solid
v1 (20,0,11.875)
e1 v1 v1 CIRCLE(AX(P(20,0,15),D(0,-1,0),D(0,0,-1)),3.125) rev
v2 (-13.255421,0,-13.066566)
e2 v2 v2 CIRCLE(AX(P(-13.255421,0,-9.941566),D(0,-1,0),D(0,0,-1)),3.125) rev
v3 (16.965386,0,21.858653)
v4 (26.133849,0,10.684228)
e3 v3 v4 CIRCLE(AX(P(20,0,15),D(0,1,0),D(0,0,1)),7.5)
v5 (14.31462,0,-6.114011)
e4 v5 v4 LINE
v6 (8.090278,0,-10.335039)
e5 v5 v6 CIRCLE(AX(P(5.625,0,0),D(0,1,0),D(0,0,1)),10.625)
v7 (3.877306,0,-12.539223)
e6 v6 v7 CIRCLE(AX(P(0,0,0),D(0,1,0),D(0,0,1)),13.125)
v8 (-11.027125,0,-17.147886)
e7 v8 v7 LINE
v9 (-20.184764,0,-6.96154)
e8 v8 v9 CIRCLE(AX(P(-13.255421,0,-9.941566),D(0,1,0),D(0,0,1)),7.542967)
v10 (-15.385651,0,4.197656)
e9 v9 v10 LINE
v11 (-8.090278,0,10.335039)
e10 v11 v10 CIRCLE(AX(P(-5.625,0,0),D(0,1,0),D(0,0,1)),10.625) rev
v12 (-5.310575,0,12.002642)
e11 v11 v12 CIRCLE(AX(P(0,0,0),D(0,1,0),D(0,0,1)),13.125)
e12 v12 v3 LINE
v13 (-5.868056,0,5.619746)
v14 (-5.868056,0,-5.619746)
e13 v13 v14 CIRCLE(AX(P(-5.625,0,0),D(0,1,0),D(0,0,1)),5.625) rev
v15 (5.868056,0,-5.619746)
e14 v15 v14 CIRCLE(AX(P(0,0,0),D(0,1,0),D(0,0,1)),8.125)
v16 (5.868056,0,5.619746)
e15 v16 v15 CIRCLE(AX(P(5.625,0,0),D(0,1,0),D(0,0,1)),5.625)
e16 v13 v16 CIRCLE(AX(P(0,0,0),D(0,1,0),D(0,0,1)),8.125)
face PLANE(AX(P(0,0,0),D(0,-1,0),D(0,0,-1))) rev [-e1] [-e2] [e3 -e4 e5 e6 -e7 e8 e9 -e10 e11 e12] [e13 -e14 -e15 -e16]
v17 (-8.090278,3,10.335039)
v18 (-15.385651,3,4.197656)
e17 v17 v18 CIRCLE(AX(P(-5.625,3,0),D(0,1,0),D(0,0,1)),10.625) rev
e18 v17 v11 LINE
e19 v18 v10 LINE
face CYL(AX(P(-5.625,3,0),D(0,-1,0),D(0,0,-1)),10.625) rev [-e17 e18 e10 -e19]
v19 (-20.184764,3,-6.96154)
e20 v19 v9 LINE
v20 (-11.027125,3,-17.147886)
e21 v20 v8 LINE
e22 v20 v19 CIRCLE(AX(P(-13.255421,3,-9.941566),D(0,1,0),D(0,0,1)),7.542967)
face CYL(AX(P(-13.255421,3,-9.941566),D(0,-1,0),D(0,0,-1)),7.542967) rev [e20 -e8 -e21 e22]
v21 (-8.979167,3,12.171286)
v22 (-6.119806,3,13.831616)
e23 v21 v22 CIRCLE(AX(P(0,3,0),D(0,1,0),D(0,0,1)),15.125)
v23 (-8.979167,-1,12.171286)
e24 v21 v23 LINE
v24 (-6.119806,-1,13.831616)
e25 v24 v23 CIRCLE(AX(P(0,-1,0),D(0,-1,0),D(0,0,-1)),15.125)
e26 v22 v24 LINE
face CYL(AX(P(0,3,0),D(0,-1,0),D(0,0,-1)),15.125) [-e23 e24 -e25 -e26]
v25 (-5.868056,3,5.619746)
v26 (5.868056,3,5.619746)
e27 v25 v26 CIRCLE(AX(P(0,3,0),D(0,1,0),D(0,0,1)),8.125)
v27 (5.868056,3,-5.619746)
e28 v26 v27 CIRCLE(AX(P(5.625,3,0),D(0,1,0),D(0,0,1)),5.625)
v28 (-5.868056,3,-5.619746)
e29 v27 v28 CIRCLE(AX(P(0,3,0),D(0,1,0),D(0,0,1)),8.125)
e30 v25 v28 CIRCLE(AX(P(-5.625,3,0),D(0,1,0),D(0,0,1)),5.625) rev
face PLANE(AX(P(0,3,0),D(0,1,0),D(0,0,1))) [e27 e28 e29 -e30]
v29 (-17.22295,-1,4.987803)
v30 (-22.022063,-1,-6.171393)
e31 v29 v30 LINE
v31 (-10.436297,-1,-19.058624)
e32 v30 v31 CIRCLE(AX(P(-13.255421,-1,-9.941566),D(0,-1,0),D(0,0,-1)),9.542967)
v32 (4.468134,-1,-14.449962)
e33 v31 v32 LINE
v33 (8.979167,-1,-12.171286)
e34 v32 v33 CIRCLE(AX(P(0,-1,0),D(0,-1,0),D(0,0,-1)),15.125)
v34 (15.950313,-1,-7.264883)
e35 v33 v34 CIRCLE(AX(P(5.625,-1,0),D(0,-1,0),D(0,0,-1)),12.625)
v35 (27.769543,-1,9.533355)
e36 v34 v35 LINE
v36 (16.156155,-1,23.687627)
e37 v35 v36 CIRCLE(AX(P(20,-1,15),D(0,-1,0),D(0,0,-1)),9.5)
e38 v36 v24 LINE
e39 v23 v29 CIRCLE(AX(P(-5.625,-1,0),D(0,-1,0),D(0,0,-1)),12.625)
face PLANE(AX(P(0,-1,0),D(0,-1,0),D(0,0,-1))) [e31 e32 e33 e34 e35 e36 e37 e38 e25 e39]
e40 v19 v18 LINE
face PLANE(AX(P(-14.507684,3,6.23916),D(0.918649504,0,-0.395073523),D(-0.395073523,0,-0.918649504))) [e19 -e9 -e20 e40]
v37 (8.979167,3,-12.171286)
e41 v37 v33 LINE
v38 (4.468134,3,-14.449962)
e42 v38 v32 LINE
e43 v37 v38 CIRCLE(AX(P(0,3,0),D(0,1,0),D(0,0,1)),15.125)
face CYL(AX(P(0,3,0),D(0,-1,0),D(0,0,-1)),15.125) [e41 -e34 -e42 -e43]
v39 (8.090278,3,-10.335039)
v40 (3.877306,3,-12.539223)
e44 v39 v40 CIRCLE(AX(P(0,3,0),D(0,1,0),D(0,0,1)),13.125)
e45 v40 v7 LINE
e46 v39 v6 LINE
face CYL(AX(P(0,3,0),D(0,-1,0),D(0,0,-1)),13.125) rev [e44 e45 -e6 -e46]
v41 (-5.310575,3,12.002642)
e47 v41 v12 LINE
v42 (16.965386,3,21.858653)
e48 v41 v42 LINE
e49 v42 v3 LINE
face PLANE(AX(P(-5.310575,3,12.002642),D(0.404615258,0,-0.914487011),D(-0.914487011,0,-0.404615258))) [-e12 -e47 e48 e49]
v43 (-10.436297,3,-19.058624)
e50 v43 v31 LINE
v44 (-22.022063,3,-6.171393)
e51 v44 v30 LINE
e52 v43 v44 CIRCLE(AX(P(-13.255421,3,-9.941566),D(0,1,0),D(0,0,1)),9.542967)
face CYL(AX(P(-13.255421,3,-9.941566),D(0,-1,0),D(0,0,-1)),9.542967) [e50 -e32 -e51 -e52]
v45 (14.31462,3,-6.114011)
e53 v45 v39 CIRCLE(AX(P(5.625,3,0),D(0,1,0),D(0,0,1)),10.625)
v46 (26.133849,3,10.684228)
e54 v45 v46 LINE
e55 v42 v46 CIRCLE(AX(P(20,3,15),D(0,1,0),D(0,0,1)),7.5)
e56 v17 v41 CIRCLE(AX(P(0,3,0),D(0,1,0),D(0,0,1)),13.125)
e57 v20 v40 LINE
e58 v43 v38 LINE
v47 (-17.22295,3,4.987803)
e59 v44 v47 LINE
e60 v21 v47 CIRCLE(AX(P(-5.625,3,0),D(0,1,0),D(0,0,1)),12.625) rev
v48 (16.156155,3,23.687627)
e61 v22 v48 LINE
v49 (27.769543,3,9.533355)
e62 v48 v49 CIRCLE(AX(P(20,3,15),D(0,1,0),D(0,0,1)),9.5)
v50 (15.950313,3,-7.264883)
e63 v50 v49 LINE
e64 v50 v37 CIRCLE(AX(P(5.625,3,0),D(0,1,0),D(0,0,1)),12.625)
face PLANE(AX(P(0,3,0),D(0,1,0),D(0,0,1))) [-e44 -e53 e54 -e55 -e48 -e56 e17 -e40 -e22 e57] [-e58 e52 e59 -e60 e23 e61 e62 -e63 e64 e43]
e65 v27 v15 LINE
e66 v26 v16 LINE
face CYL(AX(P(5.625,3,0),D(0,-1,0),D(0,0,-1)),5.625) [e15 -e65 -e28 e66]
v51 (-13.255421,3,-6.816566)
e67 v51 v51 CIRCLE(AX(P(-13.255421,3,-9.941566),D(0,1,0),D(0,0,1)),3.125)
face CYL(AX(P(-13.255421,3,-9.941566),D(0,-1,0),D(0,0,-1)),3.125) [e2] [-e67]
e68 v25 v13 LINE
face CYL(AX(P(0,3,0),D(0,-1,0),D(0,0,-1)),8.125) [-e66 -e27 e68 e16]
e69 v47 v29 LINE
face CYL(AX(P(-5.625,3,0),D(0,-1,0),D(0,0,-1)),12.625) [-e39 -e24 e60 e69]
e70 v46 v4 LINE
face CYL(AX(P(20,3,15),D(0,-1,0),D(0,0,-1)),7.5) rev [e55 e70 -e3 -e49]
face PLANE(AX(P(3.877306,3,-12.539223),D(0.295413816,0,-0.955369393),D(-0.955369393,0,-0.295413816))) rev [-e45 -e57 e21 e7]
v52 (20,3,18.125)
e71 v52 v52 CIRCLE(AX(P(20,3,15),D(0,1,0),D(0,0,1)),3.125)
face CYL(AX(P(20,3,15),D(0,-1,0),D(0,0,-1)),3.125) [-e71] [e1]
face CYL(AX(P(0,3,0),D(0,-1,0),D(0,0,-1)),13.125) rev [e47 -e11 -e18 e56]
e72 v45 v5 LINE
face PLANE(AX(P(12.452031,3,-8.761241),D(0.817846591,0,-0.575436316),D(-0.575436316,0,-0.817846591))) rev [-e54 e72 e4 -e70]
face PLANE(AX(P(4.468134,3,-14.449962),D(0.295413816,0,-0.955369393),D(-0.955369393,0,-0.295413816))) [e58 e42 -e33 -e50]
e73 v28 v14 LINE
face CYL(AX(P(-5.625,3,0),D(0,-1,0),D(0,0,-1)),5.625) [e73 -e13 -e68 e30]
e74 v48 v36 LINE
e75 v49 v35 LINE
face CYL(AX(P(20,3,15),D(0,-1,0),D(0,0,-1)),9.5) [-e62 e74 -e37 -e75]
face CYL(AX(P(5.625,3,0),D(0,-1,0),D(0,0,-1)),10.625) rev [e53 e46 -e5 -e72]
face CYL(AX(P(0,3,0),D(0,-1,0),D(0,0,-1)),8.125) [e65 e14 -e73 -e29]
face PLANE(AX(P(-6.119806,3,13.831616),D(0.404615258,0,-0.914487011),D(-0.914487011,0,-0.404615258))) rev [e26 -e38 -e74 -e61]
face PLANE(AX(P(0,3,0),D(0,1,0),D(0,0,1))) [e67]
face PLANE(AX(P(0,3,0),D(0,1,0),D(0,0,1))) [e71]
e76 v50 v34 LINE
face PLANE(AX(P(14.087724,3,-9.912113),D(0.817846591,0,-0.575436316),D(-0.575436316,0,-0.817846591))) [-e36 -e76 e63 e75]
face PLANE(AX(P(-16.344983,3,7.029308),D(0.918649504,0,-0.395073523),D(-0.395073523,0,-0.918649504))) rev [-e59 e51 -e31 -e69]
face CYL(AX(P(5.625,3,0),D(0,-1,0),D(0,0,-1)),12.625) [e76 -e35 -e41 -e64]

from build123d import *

# Parameters (mm, degrees)
SKETCH1_R             = 3.125
BOSS_EXTRUDE1_DEPTH   = 3
BOSS_EXTRUDE1_2_DEPTH = 3
BOSS_EXTRUDE1_3_DEPTH = 3
BOSS_EXTRUDE1_4_DEPTH = 3
BOSS_EXTRUDE2_DEPTH   = 1


with BuildPart() as part:
    # Sketch1 → Boss-Extrude1 (new body)
    with BuildSketch(Plane(origin=(0, 0, 0), x_dir=(1, 0, 0), z_dir=(0, 1, 0))):
        with Locations(Location((20, -15, 0), (0, 0, 270))):
            Circle(SKETCH1_R)
    extrude(amount=BOSS_EXTRUDE1_DEPTH)



with BuildPart() as body_2:
    # Sketch1 → Boss-Extrude1 2 (new body)
    with BuildSketch(Plane(origin=(0, 0, 0), x_dir=(1, 0, 0), z_dir=(0, 1, 0))):
        with Locations(Location((-13.25542136, 9.94156602, 0), (0, 0, 270))):
            Circle(SKETCH1_R)
    extrude(amount=BOSS_EXTRUDE1_2_DEPTH)


with BuildPart() as body_3:
    # Sketch1 → Boss-Extrude1 3 (new body)
    with BuildSketch(Plane(origin=(0, 0, 0), x_dir=(1, 0, 0), z_dir=(0, 1, 0))):
        with BuildLine():
            Line((-6.119805779, -13.831616038), (16.156155048, -23.687626603))
            ThreePointArc((16.156155048, -23.687626603), (27.344292117, -21.025891909), (27.769542612, -9.533354996))
            Line((27.769542612, -9.533354996), (15.950313209, 7.264883492))
            ThreePointArc((15.950313209, 7.264883492), (12.8913772, 10.324262075), (8.979166667, 12.17128551))
            ThreePointArc((8.979166667, 12.17128551), (6.819498906, 13.500372575), (4.468133972, 14.44996207))
            Line((4.468133972, 14.44996207), (-10.436297143, 19.05862434))
            ThreePointArc((-10.436297143, 19.05862434), (-20.352140796, 16.321596348), (-22.022063001, 6.171392537))
            Line((-22.022063001, 6.171392537), (-17.222949988, -4.987803231))
            ThreePointArc((-17.222949988, -4.987803231), (-13.919097451, -9.518328239), (-8.979166667, -12.17128551))
            ThreePointArc((-8.979166667, -12.17128551), (-7.594992863, -13.079820657), (-6.119805779, -13.831616038))
        make_face()
        with BuildLine():
            Line((-5.310575263, -12.002642017), (16.965385564, -21.858652581))
            ThreePointArc((16.965385564, -21.858652581), (25.798125356, -19.757283086), (26.133849431, -10.684227629))
            Line((26.133849431, -10.684227629), (14.314620027, 6.114010859))
            ThreePointArc((14.314620027, 6.114010859), (11.588405557, 8.793657895), (8.090277778, 10.335038968))
            ThreePointArc((8.090277778, 10.335038968), (6.084437075, 11.62949915), (3.877306339, 12.539223283))
            Line((3.877306339, 12.539223283), (-11.027124776, 17.147885554))
            ThreePointArc((-11.027124776, 17.147885554), (-18.864821465, 14.984479597), (-20.184763993, 6.961539583))
            Line((-20.184763993, 6.961539583), (-15.38565098, -4.197656185))
            ThreePointArc((-15.38565098, -4.197656185), (-12.464970786, -8.130524254), (-8.090277778, -10.335038968))
            ThreePointArc((-8.090277778, -10.335038968), (-6.752106378, -11.254984872), (-5.310575263, -12.002642017))
        make_face(mode=Mode.SUBTRACT)
    extrude(amount=BOSS_EXTRUDE1_3_DEPTH)


with BuildPart() as body_4:
    # Sketch1 → Boss-Extrude1 4 (new body)
    with BuildSketch(Plane(origin=(0, 0, 0), x_dir=(1, 0, 0), z_dir=(0, 1, 0))):
        with BuildLine():
            ThreePointArc((-5.868055556, -5.619746346), (0, -8.125), (5.868055556, -5.619746346))
            ThreePointArc((5.868055556, -5.619746346), (11.25, 0), (5.868055556, 5.619746346))
            ThreePointArc((5.868055556, 5.619746346), (0, 8.125), (-5.868055556, 5.619746346))
            ThreePointArc((-5.868055556, 5.619746346), (-11.25, 0), (-5.868055556, -5.619746346))
        make_face()
    extrude(amount=BOSS_EXTRUDE1_4_DEPTH)


with BuildPart() as part_1:
    add(part.part)

    add(body_2.part)  # Boss-Extrude2 merges body 2

    add(body_3.part)  # Boss-Extrude2 merges body 3

    add(body_4.part)  # Boss-Extrude2 merges body 4
    # Sketch2 → Boss-Extrude2 (add)
    with BuildSketch(Plane.XZ):
        with BuildLine():
            Line((-17.222949988, 4.987803231), (-22.022063001, -6.171392537))
            ThreePointArc((-22.022063001, -6.171392537), (-20.352140796, -16.321596348), (-10.436297143, -19.05862434))
            Line((-10.436297143, -19.05862434), (4.468133972, -14.44996207))
            ThreePointArc((4.468133972, -14.44996207), (6.819498906, -13.500372575), (8.979166667, -12.17128551))
            ThreePointArc((8.979166667, -12.17128551), (12.8913772, -10.324262075), (15.950313209, -7.264883492))
            Line((15.950313209, -7.264883492), (27.769542612, 9.533354996))
            ThreePointArc((27.769542612, 9.533354996), (27.344292117, 21.025891909), (16.156155048, 23.687626603))
            Line((16.156155048, 23.687626603), (-6.119805779, 13.831616038))
            ThreePointArc((-6.119805779, 13.831616038), (-7.594992863, 13.079820657), (-8.979166667, 12.17128551))
            ThreePointArc((-8.979166667, 12.17128551), (-13.919097451, 9.518328239), (-17.222949988, 4.987803231))
        make_face()
    extrude(amount=BOSS_EXTRUDE2_DEPTH)


solid = part_1.part
